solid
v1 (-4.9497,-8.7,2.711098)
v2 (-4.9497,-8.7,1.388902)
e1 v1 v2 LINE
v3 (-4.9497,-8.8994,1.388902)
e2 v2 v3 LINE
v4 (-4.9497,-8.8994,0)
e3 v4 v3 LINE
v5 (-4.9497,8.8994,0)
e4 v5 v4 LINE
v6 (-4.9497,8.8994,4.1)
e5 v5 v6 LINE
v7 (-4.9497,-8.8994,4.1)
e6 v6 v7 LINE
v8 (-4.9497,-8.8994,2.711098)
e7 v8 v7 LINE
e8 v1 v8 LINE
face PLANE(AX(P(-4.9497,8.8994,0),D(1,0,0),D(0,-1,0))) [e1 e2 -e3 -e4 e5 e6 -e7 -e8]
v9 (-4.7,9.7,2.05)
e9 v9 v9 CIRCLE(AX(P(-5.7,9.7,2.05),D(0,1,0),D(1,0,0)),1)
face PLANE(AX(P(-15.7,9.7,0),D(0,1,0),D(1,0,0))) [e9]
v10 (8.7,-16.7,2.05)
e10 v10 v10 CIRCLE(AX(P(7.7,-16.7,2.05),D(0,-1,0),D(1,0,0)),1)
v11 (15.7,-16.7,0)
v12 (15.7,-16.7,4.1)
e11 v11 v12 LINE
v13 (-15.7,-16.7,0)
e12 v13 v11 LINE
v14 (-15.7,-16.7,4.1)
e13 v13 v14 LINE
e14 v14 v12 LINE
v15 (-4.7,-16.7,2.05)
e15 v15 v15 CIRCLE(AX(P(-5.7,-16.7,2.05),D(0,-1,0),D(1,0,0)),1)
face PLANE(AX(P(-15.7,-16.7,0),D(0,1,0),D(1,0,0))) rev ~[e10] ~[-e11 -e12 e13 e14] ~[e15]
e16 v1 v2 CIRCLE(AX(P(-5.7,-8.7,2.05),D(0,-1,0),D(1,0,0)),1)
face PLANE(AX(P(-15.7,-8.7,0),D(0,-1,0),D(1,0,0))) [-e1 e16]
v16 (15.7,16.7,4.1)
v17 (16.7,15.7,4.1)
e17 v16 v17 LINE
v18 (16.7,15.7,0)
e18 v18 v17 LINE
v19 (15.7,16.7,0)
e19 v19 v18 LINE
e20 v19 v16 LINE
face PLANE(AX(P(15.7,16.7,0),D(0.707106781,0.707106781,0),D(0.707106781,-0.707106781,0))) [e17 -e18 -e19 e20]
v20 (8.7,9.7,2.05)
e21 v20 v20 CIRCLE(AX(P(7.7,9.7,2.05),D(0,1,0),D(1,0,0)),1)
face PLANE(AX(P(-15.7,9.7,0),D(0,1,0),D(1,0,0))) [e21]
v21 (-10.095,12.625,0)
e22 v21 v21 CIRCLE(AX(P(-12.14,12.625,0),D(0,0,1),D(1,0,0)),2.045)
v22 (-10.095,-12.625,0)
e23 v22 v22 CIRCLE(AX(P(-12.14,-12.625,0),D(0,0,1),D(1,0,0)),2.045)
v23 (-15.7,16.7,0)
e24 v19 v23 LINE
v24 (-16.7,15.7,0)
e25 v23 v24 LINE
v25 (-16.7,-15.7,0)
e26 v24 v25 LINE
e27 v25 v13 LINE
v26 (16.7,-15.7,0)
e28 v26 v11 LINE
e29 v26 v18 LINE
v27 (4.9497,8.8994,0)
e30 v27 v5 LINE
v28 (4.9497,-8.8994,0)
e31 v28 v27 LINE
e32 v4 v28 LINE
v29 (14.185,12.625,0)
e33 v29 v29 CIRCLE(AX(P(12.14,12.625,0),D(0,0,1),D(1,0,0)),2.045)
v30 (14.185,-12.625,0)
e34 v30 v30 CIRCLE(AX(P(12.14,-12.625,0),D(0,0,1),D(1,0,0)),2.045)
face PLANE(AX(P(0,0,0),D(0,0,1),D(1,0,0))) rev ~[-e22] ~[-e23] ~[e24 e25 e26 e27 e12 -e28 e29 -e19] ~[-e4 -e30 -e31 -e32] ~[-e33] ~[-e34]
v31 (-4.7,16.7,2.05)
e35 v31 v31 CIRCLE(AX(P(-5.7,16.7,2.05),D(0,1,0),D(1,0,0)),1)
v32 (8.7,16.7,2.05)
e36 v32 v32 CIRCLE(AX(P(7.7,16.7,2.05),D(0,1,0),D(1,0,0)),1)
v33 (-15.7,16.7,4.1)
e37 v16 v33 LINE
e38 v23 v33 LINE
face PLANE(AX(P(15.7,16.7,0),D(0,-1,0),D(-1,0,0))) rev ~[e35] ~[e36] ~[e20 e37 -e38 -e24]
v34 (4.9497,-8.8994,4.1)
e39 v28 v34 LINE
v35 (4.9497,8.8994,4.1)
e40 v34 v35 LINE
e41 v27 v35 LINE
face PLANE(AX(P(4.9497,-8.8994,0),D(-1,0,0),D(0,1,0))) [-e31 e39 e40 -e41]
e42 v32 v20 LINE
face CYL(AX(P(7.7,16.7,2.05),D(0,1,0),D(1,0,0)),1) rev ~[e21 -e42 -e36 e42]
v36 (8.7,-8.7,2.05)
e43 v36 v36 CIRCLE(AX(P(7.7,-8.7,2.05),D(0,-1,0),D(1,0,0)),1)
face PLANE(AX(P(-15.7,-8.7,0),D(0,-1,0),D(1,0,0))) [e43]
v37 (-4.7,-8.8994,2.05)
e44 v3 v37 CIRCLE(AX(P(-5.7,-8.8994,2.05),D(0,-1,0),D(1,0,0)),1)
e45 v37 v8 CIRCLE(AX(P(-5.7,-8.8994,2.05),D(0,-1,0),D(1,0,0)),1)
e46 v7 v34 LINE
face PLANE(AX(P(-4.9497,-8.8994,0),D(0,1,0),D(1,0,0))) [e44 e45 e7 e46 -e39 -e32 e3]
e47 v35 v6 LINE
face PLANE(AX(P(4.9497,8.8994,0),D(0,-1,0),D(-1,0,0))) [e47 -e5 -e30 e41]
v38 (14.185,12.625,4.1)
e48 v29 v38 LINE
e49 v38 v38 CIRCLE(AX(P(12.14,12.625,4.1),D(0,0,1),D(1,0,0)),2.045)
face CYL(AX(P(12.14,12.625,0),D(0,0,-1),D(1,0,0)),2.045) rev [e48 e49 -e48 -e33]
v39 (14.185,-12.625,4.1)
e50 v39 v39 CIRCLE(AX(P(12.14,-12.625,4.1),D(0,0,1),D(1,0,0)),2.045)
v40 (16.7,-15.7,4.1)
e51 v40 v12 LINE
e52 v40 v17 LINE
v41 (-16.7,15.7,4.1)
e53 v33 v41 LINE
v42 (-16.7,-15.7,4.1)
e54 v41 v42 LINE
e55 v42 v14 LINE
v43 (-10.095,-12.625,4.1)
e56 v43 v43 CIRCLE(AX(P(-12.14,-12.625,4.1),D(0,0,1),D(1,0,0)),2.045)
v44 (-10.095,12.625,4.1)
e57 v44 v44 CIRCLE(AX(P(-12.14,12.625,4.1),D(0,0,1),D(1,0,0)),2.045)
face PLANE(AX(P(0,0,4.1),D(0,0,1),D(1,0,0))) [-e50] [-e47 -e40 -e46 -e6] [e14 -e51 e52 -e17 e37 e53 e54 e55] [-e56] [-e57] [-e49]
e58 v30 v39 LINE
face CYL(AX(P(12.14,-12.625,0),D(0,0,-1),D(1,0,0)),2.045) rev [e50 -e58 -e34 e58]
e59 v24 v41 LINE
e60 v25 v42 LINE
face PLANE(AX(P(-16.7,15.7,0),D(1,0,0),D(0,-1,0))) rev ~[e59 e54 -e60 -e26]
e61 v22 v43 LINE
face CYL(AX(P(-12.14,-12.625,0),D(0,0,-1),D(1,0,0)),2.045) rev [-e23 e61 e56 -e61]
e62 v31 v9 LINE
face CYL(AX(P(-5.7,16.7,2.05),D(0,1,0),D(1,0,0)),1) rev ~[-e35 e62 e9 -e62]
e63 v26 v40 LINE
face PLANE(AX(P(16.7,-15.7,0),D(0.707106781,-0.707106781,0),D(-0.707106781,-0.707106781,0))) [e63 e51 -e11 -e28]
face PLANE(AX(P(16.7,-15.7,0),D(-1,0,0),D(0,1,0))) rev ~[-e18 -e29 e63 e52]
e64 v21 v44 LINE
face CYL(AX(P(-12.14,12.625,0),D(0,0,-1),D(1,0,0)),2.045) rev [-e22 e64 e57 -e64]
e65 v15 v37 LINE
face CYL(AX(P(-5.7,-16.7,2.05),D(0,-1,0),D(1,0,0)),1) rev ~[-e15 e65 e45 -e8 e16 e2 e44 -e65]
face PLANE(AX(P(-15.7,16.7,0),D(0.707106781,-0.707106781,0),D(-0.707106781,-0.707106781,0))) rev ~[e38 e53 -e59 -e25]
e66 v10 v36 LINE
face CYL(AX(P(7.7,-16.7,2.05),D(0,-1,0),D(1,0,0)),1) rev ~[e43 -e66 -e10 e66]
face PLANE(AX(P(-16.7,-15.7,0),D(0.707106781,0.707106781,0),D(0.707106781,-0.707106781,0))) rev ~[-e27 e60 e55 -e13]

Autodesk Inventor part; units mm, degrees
ref_plane "YZ Plane" through (0, 0, 0) normal (1, 0, 0) x (0, 1, 0)
ref_plane "XZ Plane" through (0, 0, 0) normal (0, 1, 0) x (-1, 0, 0)
ref_plane "XY Plane" through (0, 0, 0) normal (0, 0, 1) x (1, 0, 0)
sketch "Sketch3" plane through (0, 0, 0) normal (0, 0, 1) x (1, 0, 0)
  line L0 (-15.7, -16.7) -> (15.7, -16.7)
  line L1 (16.7, -15.7) -> (16.7, 15.7)
  line L2 (15.7, 16.7) -> (-15.7, 16.7)
  line L3 (-16.7, 15.7) -> (-16.7, -15.7)
  line L4 (-16.7, -16.7) -> (16.7, 16.7) construction
  line L5 (16.7, -16.7) -> (-16.7, 16.7) construction
  line L6 (-15.7, 16.7) -> (-16.7, 15.7)
  line L7 (15.7, 16.7) -> (16.7, 15.7)
  line L8 (16.7, -15.7) -> (15.7, -16.7)
  line L9 (-16.7, -15.7) -> (-15.7, -16.7)
  line L10 (-4.9497, -8.8994) -> (4.9497, -8.8994)
  line L11 (4.9497, -8.8994) -> (4.9497, 8.8994)
  line L12 (4.9497, 8.8994) -> (-4.9497, 8.8994)
  line L13 (-4.9497, 8.8994) -> (-4.9497, -8.8994)
  line L14 (-4.9497, -8.8994) -> (4.9497, 8.8994) construction
  line L15 (4.9497, -8.8994) -> (-4.9497, 8.8994) construction
  circle A0 centre (-12.14, 12.625) radius 2.045
  circle A1 centre (12.14, 12.625) radius 2.045
  line L16 (0, -16.7) -> (0, 16.7) construction
  circle A2 centre (-12.14, -12.625) radius 2.045
  circle A3 centre (12.14, -12.625) radius 2.045
  line L17 (12.14, 12.625) -> (-12.14, 12.625) construction
  line L18 (-12.14, 12.625) -> (-12.14, -12.625) construction
  line L19 (-12.14, -12.625) -> (12.14, -12.625) construction
  line L20 (12.14, -12.625) -> (12.14, 12.625) construction
  line L21 (-16.7, 0) -> (16.7, 0) construction
  point P0 (0, 0)
  point P1 (0, 0)
  dimension "d0" = 33.4
  dimension "d1" = 33.4
  dimension "d2" = 1
  dimension "d3" = 1
  dimension "d4" = 1
  dimension "d5" = 1
  dimension "d6" = 1
  dimension "d7" = 1
  dimension "d8" = 1
  dimension "d9" = 1
  dimension "d10" = 9.8994
  dimension "d11" = 17.7988
  dimension "d12" = 4.09
  dimension "d13" = 4.09
  dimension "d17" = 4.09
  dimension "d19" = 24.28
  dimension "d20" = 25.25
  dimension "d21" = 4.09
  dimension "d22" = 12.625
  dimension "d23" = 12.14
extrude "Extrusion1" add sketch "Sketch3" along normal blind 4.1
sketch "Sketch6" plane through (-15.7, 16.7, 0) normal (0, 1, 0) x (1, 0, 0)
  circle A0 centre (10, -2.05) radius 1
  circle A1 centre (23.4, -2.05) radius 1
  line L0 (-1, 0) -> (-1, -4.1) projected
  line L1 (32.4, 0) -> (32.4, -4.1) projected
  line L2 (31.4, 0) -> (0, 0) projected
  line L3 (31.4, -4.1) -> (0, -4.1) projected
  point P0 (15.7, 0)
  dimension "d54" = 2
  dimension "d55" = 2
  dimension "d57" = 9
  dimension "d58" = 13.4
  dimension "d59" = 2.05
  dimension "d60" = 2.05
sketch "Sketch7" plane through (-15.7, -16.7, 0) normal (0, -1, 0) x (1, 0, 0)
  circle A0 centre (23.4, 2.05) radius 1
  circle A1 centre (10, 2.05) radius 1
  line L0 (0, 0) -> (31.4, 0) projected
  line L1 (0, 4.1) -> (31.4, 4.1) projected
  line L2 (32.4, 0) -> (32.4, 4.1) projected
  line L3 (-1, 0) -> (-1, 4.1) projected
  point P0 (15.7, 0)
  dimension "d61" = 2
  dimension "d62" = 2
  dimension "d63" = 2.05
  dimension "d64" = 2.05
  dimension "d65" = 2.05
  dimension "d67" = 11
  dimension "d81" = 13.4
extrude "Extrusion4" cut sketch "Sketch7" against normal blind 8
extrude "Extrusion5" cut sketch "Sketch6" against normal blind 7
thread "Thread5" size "M2x0.4" class "6H" standard "ANSI Metric M Profile" full length
thread "Thread6" size "M2x0.4" class "6H" standard "ANSI Metric M Profile" full length
thread "Thread7" size "M2x0.4" class "6H" standard "ANSI Metric M Profile" full length
thread "Thread8" size "M2x0.4" class "6H" standard "ANSI Metric M Profile" full length
equation "\"d3\" = d2"
equation "\"d5\" = d4"
equation "\"d6\" = d4"
equation "\"d7\" = d6"
equation "\"d8\" = d4"
equation "\"d9\" = d8"
properties part number "WG18FLANGE" material "Brass, Soft Yellow"
